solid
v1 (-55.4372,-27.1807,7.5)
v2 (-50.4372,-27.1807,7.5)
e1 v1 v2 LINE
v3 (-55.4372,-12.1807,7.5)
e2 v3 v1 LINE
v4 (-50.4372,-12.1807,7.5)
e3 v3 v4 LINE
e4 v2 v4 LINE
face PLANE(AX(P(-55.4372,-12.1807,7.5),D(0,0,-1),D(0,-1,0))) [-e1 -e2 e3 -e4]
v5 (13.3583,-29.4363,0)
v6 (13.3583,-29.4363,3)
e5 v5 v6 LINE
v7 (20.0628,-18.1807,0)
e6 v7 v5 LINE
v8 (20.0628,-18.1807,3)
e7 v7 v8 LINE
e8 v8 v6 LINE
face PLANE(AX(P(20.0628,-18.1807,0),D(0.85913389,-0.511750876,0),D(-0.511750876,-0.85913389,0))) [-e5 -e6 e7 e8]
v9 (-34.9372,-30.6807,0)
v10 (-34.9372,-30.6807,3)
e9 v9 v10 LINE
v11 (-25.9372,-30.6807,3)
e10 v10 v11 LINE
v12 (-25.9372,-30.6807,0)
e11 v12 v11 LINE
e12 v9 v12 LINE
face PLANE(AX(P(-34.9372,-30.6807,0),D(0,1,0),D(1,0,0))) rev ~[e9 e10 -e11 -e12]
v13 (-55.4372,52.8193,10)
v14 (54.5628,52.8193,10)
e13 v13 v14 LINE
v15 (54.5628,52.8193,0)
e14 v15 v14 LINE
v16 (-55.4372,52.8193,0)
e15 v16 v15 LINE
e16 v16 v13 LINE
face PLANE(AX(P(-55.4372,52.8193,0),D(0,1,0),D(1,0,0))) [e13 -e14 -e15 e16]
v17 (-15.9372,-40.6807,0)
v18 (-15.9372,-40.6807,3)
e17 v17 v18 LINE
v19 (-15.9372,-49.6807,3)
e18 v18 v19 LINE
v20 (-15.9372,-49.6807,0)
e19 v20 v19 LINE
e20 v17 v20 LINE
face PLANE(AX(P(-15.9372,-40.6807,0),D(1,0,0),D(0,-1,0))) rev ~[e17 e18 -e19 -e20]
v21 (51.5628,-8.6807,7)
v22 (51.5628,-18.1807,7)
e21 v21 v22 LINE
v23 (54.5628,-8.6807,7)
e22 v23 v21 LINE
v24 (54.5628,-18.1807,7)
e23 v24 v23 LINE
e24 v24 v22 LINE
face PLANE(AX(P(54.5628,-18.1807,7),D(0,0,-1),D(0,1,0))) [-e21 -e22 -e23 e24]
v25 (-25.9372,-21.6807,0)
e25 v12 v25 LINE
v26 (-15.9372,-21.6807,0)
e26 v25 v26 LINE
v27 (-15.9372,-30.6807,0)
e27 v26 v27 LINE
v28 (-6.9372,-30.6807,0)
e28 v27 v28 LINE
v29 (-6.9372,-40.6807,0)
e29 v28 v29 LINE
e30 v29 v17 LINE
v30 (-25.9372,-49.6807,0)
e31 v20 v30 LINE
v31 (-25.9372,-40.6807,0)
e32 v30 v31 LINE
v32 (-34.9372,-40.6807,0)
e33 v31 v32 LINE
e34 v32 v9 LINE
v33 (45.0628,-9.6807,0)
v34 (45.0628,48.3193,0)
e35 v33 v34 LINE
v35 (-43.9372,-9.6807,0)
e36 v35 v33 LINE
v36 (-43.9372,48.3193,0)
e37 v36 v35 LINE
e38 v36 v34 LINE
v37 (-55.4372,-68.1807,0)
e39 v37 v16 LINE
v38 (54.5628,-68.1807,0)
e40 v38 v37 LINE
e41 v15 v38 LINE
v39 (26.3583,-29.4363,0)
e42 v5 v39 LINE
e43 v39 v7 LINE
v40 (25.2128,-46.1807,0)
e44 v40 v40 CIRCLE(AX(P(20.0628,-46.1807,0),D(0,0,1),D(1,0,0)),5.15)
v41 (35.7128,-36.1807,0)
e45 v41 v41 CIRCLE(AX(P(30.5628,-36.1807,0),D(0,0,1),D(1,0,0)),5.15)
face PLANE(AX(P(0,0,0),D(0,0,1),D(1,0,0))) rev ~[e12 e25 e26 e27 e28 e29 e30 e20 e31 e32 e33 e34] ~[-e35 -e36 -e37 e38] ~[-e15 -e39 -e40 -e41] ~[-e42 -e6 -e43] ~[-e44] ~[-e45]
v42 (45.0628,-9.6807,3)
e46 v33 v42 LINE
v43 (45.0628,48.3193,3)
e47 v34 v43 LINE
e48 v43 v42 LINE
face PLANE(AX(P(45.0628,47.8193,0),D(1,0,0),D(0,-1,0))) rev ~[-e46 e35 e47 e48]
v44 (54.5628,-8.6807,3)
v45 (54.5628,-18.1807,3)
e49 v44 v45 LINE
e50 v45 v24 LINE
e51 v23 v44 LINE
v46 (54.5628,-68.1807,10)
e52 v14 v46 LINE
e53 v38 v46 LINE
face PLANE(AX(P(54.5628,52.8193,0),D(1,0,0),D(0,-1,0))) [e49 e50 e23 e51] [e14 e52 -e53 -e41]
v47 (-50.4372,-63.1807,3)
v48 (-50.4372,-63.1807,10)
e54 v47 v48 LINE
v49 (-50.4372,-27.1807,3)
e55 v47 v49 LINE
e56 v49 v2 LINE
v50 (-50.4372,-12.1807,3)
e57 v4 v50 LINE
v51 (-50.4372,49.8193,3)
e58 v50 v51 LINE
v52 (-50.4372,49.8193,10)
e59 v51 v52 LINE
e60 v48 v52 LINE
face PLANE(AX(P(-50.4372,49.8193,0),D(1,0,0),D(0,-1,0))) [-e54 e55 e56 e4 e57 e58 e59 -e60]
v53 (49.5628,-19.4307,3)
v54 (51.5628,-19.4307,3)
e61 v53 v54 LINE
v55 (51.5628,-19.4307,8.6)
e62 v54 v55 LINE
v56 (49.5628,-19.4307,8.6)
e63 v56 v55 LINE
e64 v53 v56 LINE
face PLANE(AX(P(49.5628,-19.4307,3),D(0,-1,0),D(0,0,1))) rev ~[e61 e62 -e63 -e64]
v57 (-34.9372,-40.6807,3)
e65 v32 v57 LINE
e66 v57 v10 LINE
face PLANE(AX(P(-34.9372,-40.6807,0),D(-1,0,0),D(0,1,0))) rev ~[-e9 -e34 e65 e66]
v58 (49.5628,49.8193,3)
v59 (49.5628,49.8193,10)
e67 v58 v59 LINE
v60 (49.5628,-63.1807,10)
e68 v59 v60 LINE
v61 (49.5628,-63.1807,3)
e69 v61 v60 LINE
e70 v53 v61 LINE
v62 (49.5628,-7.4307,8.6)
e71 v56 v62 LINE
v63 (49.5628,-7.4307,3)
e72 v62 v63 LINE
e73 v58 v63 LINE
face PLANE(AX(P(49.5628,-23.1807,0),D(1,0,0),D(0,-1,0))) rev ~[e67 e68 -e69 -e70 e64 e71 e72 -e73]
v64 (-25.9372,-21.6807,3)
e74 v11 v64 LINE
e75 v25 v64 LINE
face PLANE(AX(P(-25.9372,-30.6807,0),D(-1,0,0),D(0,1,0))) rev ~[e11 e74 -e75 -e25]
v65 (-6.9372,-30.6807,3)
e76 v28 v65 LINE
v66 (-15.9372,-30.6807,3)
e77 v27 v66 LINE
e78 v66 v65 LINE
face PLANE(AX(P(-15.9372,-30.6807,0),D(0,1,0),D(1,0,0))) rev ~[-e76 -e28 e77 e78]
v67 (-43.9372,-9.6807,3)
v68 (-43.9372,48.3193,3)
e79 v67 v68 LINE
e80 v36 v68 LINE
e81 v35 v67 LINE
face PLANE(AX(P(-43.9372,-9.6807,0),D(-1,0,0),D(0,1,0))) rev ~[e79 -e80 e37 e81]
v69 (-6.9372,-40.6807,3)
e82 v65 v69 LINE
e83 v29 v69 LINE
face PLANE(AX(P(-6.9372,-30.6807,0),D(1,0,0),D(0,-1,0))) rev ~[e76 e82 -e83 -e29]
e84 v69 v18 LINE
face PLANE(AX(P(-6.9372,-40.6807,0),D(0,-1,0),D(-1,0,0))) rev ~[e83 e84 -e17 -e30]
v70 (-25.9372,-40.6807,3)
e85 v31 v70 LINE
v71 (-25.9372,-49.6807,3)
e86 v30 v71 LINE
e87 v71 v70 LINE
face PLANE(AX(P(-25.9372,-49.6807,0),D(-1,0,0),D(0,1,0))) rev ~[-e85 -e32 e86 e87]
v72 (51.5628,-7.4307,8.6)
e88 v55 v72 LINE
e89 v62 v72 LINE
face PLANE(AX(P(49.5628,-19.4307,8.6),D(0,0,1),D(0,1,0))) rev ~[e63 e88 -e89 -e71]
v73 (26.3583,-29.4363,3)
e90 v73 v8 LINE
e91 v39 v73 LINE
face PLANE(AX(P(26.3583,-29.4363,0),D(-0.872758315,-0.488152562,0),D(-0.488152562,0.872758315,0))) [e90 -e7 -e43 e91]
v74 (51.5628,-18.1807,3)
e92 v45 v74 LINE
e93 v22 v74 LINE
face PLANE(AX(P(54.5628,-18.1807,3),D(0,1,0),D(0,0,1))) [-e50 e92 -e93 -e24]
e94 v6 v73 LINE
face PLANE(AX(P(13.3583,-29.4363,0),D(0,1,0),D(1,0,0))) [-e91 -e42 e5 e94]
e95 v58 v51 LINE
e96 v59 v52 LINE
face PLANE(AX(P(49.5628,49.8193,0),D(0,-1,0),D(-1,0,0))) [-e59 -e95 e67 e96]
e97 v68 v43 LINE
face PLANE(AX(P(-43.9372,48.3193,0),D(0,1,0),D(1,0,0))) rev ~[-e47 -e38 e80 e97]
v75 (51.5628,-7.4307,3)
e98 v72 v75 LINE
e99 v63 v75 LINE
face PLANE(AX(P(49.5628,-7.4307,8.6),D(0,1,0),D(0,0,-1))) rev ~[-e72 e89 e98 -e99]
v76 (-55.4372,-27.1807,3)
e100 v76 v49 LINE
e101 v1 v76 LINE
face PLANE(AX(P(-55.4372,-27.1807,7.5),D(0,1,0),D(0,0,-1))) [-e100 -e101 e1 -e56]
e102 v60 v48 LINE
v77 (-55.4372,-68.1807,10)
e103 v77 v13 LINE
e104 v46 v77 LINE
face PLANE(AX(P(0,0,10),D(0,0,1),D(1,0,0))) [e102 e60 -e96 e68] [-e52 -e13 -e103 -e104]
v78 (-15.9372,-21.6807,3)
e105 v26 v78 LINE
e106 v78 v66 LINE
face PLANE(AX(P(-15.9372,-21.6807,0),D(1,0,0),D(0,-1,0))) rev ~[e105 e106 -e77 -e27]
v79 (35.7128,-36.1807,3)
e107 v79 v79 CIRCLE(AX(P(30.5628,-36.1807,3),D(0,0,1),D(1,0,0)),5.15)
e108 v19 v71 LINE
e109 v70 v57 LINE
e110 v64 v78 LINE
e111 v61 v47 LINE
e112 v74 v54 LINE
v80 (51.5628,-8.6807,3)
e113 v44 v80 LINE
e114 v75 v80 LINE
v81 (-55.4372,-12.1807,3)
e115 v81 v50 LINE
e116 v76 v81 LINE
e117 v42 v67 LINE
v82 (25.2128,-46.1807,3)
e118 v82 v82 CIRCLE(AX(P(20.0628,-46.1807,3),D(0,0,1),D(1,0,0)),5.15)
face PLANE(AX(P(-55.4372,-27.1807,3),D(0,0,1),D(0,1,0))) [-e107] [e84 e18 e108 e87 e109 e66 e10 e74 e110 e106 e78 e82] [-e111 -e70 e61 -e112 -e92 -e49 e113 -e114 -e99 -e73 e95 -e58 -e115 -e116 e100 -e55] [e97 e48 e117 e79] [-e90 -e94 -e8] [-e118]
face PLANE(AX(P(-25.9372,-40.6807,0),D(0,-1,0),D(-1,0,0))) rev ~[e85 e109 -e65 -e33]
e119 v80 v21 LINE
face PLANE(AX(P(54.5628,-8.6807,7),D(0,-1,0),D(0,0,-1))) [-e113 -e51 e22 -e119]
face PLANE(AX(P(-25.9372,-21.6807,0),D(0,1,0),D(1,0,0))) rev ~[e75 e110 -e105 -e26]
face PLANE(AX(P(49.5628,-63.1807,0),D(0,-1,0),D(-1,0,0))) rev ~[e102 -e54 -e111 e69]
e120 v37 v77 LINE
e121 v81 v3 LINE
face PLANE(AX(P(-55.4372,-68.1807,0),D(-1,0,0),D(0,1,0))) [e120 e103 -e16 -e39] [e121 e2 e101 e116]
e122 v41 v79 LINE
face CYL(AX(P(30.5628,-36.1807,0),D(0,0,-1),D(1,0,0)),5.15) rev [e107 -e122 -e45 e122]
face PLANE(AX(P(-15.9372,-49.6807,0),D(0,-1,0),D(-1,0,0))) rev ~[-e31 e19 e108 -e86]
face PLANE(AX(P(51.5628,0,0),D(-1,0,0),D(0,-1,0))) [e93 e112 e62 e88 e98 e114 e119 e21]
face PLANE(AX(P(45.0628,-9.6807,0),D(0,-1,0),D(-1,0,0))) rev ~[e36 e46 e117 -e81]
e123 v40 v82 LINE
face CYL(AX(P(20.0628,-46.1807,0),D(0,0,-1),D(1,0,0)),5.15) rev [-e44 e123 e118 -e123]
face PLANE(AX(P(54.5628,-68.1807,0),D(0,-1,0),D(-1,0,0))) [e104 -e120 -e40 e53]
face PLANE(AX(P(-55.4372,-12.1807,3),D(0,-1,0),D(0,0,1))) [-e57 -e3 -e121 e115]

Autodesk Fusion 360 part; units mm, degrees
sketch "Sketch1" plane through (0, 0, 0) normal (0, 0, 1) x (1, 0, 0)
  line L0 (-50.4372, 47.8193) -> (49.5628, 47.8193)
  line L1 (49.5628, 47.8193) -> (49.5628, -63.1807)
  line L2 (49.5628, -63.1807) -> (-50.4372, -63.1807)
  line L3 (-50.4372, -63.1807) -> (-50.4372, 47.8193)
  line L4 (-18.6372, -27.5802) -> (-23.0372, -27.5802)
  line L5 (-23.0372, -27.5802) -> (-23.0372, -24.2802)
  line L6 (-23.0372, -24.2802) -> (-18.6372, -24.2802)
  line L7 (-18.6372, -24.2802) -> (-18.6372, -27.5802)
  line L8 (17.6628, -24.0807) -> (22.0628, -24.0807)
  line L9 (22.0628, -24.0807) -> (22.0628, -27.3807)
  line L10 (22.0628, -27.3807) -> (17.6628, -27.3807)
  line L11 (17.6628, -27.3807) -> (17.6628, -24.0807)
  line L12 (17.8378, -44.4057) -> (22.2378, -44.4057)
  line L13 (22.2378, -44.4057) -> (22.2378, -47.7057)
  line L14 (22.2378, -47.7057) -> (17.8378, -47.7057)
  line L15 (17.8378, -47.7057) -> (17.8378, -44.4057)
  line L16 (27.9628, -34.1807) -> (32.3628, -34.1807)
  line L17 (32.3628, -34.1807) -> (32.3628, -37.4807)
  line L18 (32.3628, -37.4807) -> (27.9628, -37.4807)
  line L19 (27.9628, -37.4807) -> (27.9628, -34.1807)
  line L20 (-33.0372, -34.1807) -> (-28.6372, -34.1807)
  line L21 (-28.6372, -34.1807) -> (-28.6372, -37.4807)
  line L22 (-28.6372, -37.4807) -> (-33.0372, -37.4807)
  line L23 (-33.0372, -37.4807) -> (-33.0372, -34.1807)
  line L24 (-13.0372, -34.1807) -> (-8.6372, -34.1807)
  line L25 (-8.6372, -34.1807) -> (-8.6372, -37.4807)
  line L26 (-8.6372, -37.4807) -> (-13.0372, -37.4807)
  line L27 (-13.0372, -37.4807) -> (-13.0372, -34.1807)
  line L28 (-23.4439, -44.4057) -> (-19.0439, -44.4057)
  line L29 (-19.0439, -44.4057) -> (-19.0439, -47.7057)
  line L30 (-19.0439, -47.7057) -> (-23.4439, -47.7057)
  line L31 (-23.4439, -47.7057) -> (-23.4439, -44.4057)
  dimension "d1" = 100
  dimension "d2" = 111
  dimension "d3" = 4.4
  dimension "d4" = 3.3
  dimension "d5" = 4.4
  dimension "d6" = 3.3
  dimension "d7" = 4.4
  dimension "d8" = 3.3
  dimension "d9" = 4.4
  dimension "d10" = 3.3
  dimension "d11" = 4.4
  dimension "d12" = 3.3
  dimension "d13" = 4.4
  dimension "d14" = 3.3
  dimension "d15" = 4.4
  dimension "d16" = 3.3
  dimension "d17" = 17.4
  dimension "d21" = 25.7
  dimension "d22" = 25.7
  dimension "d23" = 15.475
  dimension "d24" = 15.475
  dimension "d25" = 25.7
  dimension "d26" = 27.5
  dimension "d27" = 17.2
  dimension "d28" = 15.6
  dimension "d29" = 8.656
  dimension "d30" = 8.656
  dimension "d31" = 8.656
  dimension "d32" = 35.8
  dimension "d33" = 27.325
sketch "top enclosure" plane through (0, 0, 0) normal (0, 0, 1) x (1, 0, 0)
  circle A0 centre (30.5628, -36.1807) radius 5.15
  line L0 (20.0628, -18.1807) -> (13.3583, -29.4363)
  line L1 (13.3583, -29.4363) -> (26.3583, -29.4363)
  line L2 (26.3583, -29.4363) -> (20.0628, -18.1807)
  circle A1 centre (20.0628, -46.1807) radius 5.15
  line L3 (-25.9372, -21.6807) -> (-15.9372, -21.6807)
  line L4 (-15.9372, -21.6807) -> (-15.9372, -30.6807)
  line L5 (-15.9372, -30.6807) -> (-6.9372, -30.6807)
  line L6 (-6.9372, -30.6807) -> (-6.9372, -40.6807)
  line L7 (-6.9372, -40.6807) -> (-15.9372, -40.6807)
  line L8 (-15.9372, -40.6807) -> (-15.9372, -49.6807)
  line L9 (-15.9372, -49.6807) -> (-25.9372, -49.6807)
  line L10 (-25.9372, -49.6807) -> (-25.9372, -40.6807)
  line L11 (-25.9372, -40.6807) -> (-34.9372, -40.6807)
  line L12 (-34.9372, -40.6807) -> (-34.9372, -30.6807)
  line L13 (-34.9372, -30.6807) -> (-25.9372, -30.6807)
  line L14 (-25.9372, -30.6807) -> (-25.9372, -21.6807)
  line L15 (-55.4372, 52.8193) -> (54.5628, 52.8193)
  line L16 (54.5628, 52.8193) -> (54.5628, -68.1807)
  line L17 (54.5628, -68.1807) -> (-55.4372, -68.1807)
  line L18 (-55.4372, -68.1807) -> (-55.4372, 52.8193)
  line L19 (-50.4372, -63.1807) -> (-50.4372, 47.8193)
  line L20 (49.5628, -63.1807) -> (-50.4372, -63.1807)
  line L21 (49.5628, 47.8193) -> (49.5628, -63.1807)
  line L22 (-50.4372, 47.8193) -> (49.5628, 47.8193)
  line L23 (-43.9372, 48.3193) -> (45.0628, 48.3193)
  line L24 (45.0628, 48.3193) -> (45.0628, -9.6807)
  line L25 (45.0628, -9.6807) -> (-43.9372, -9.6807)
  line L26 (-43.9372, -9.6807) -> (-43.9372, 48.3193)
  line L27 (-23.0372, -24.2802) -> (-18.6372, -24.2802)
  line L28 (-50.4372, -63.1807) -> (49.5628, -63.1807)
  line L29 (49.5628, -63.1807) -> (49.5628, 49.8193)
  line L30 (49.5628, 49.8193) -> (-50.4372, 49.8193)
  line L31 (-50.4372, 49.8193) -> (-50.4372, -63.1807)
  line L32 (44.9628, -13.6807) -> (49.5628, -13.6807)
  line L33 (49.5628, -13.6807) -> (49.5628, -23.1807)
  line L34 (49.5628, -23.1807) -> (44.9628, -23.1807)
  line L35 (44.9628, -23.1807) -> (44.9628, -13.6807)
  line L36 (-50.4372, -5.1807) -> (-36.8011, -5.1807)
  line L37 (-36.8011, -5.1807) -> (-36.8011, -27.1807)
  line L38 (-36.8011, -27.1807) -> (-50.4372, -27.1807)
  line L39 (-50.4372, -27.1807) -> (-50.4372, -5.1807)
  dimension "d34" = 60
  dimension "d35" = 10.3
  dimension "d36" = 10.3
  dimension "d37" = 10
  dimension "d38" = 10
  dimension "d39" = 10
  dimension "d40" = 10
  dimension "d41" = 9
  dimension "d42" = 9
  dimension "d43" = 9
  dimension "d44" = 9
  dimension "d45" = 9
  dimension "d46" = 9
  dimension "d47" = 13
  dimension "d49" = 11.2555
  dimension "d50" = 5
  dimension "d51" = 5
  dimension "d52" = 5
  dimension "d53" = 5
  dimension "d54" = 89
  dimension "d55" = 58
  dimension "d56" = 6.5
  dimension "d59" = 14.5995
  dimension "d60" = 45
  dimension "d61" = 27
  dimension "d62" = 17
  dimension "d63" = 13.5
  dimension "d64" = 15.5
  dimension "d65" = 19
  dimension "d66" = 29.5
  dimension "d68" = 113
  dimension "d69" = 100
  dimension "d72" = 40
  dimension "d73" = 9.5
  dimension "d74" = 4.6
  dimension "d75" = 36
  dimension "d77" = 22
extrude "Extrude6" add sketch "top enclosure" along normal blind 10 contours L15 L16 L17 L18
extrude "Extrude7" add sketch "top enclosure" along normal blind 3 contours L19 L20 L21 L22 L24 L25 L28 L29 L31 L32 L34 L35 L37 L38 | L19 L25 L26 L31 L36 L37 L38 L39 | L19 L22 L26 L31 L36 | L21 L29 L32 L33 L34 L35 | L22 L23 L24 L26 L29 L30 L31
sketch "Sketch3" plane through (54.5628, 0, 0) normal (1, 0, 0) x (0, 1, 0)
  line L0 (-68.1807, 0) -> (52.8193, 0)
  line L1 (52.8193, 0) -> (52.8193, 10)
  line L2 (52.8193, 10) -> (-68.1807, 10)
  line L3 (-68.1807, 10) -> (-68.1807, 0)
  line L4 (-18.1807, 7) -> (-8.6807, 7)
  line L5 (-8.6807, 7) -> (-8.6807, 3)
  line L6 (-8.6807, 3) -> (-18.1807, 3)
  line L7 (-18.1807, 3) -> (-18.1807, 7)
  line L8 (52.8193, 0) -> (-68.1807, 0)
  dimension "d91" = 50
  dimension "d92" = 3
  dimension "d93" = 9.5
  dimension "d94" = 4
extrude "Extrude8" cut sketch "Sketch3" against normal blind 10 contours L4 L5 L6 L7
sketch "Sketch4" plane through (49.5628, 0, 0) normal (-1, 0, 0) x (0, -1, 0)
  line L0 (8.6807, 3) -> (8.6807, 7)
  line L1 (8.6807, 7) -> (18.1807, 7)
  line L2 (18.1807, 7) -> (18.1807, 3)
  line L3 (18.1807, 3) -> (63.1807, 3)
  line L4 (63.1807, 3) -> (63.1807, 10)
  line L5 (63.1807, 10) -> (-49.8193, 10)
  line L6 (-49.8193, 10) -> (-49.8193, 3)
  line L7 (-49.8193, 3) -> (8.6807, 3)
  line L8 (7.4307, 3) -> (19.4307, 3)
  line L9 (19.4307, 3) -> (19.4307, 8.6)
  line L10 (19.4307, 8.6) -> (7.4307, 8.6)
  line L11 (7.4307, 8.6) -> (7.4307, 3)
  line L12 (8.6807, 7) -> (8.6807, 3)
  dimension "d97" = 12
  dimension "d98" = 5.6
  dimension "d99" = 1.25
extrude "Extrude9" cut sketch "Sketch4" against normal blind 2 contours L0 L1 L2 L3 L7 L8 L9 L10 L11 L12
sketch "Sketch5" plane through (-55.4372, 0, 0) normal (-1, 0, 0) x (0, -1, 0)
  line L0 (-52.8193, 0) -> (68.1807, 0)
  line L1 (68.1807, 0) -> (68.1807, 10)
  line L2 (68.1807, 10) -> (-52.8193, 10)
  line L3 (-52.8193, 10) -> (-52.8193, 0)
  line L4 (12.1807, 7.5) -> (27.1807, 7.5)
  line L5 (27.1807, 7.5) -> (27.1807, 3)
  line L6 (27.1807, 3) -> (12.1807, 3)
  line L7 (12.1807, 3) -> (12.1807, 7.5)
  dimension "d102" = 41
  dimension "d103" = 15
  dimension "d104" = 3
  dimension "d105" = 4.5
extrude "Extrude10" cut sketch "Sketch5" against normal blind 9 contours L4 L5 L6 L7
sketch "Sketch6" plane through (-50.4372, 0, 0) normal (1, 0, 0) x (0, 1, 0)
  line L0 (-27.1807, 3) -> (-27.1807, 7.5)
  line L1 (-27.1807, 7.5) -> (-12.1807, 7.5)
  line L2 (-12.1807, 7.5) -> (-12.1807, 3)
  line L3 (-12.1807, 3) -> (49.8193, 3)
  line L4 (49.8193, 3) -> (49.8193, 10)
  line L5 (49.8193, 10) -> (-63.1807, 10)
  line L6 (-63.1807, 10) -> (-63.1807, 3)
  line L7 (-63.1807, 3) -> (-27.1807, 3)
  line L8 (-28.6807, 3) -> (-10.6807, 3)
  line L9 (-10.6807, 3) -> (-10.6807, 9)
  line L10 (-10.6807, 9) -> (-28.6807, 9)
  line L11 (-28.6807, 9) -> (-28.6807, 3)
  dimension "d108" = 1.5
  dimension "d111" = 18
  dimension "d112" = 6
extrude "Extrude11" [suppressed]
